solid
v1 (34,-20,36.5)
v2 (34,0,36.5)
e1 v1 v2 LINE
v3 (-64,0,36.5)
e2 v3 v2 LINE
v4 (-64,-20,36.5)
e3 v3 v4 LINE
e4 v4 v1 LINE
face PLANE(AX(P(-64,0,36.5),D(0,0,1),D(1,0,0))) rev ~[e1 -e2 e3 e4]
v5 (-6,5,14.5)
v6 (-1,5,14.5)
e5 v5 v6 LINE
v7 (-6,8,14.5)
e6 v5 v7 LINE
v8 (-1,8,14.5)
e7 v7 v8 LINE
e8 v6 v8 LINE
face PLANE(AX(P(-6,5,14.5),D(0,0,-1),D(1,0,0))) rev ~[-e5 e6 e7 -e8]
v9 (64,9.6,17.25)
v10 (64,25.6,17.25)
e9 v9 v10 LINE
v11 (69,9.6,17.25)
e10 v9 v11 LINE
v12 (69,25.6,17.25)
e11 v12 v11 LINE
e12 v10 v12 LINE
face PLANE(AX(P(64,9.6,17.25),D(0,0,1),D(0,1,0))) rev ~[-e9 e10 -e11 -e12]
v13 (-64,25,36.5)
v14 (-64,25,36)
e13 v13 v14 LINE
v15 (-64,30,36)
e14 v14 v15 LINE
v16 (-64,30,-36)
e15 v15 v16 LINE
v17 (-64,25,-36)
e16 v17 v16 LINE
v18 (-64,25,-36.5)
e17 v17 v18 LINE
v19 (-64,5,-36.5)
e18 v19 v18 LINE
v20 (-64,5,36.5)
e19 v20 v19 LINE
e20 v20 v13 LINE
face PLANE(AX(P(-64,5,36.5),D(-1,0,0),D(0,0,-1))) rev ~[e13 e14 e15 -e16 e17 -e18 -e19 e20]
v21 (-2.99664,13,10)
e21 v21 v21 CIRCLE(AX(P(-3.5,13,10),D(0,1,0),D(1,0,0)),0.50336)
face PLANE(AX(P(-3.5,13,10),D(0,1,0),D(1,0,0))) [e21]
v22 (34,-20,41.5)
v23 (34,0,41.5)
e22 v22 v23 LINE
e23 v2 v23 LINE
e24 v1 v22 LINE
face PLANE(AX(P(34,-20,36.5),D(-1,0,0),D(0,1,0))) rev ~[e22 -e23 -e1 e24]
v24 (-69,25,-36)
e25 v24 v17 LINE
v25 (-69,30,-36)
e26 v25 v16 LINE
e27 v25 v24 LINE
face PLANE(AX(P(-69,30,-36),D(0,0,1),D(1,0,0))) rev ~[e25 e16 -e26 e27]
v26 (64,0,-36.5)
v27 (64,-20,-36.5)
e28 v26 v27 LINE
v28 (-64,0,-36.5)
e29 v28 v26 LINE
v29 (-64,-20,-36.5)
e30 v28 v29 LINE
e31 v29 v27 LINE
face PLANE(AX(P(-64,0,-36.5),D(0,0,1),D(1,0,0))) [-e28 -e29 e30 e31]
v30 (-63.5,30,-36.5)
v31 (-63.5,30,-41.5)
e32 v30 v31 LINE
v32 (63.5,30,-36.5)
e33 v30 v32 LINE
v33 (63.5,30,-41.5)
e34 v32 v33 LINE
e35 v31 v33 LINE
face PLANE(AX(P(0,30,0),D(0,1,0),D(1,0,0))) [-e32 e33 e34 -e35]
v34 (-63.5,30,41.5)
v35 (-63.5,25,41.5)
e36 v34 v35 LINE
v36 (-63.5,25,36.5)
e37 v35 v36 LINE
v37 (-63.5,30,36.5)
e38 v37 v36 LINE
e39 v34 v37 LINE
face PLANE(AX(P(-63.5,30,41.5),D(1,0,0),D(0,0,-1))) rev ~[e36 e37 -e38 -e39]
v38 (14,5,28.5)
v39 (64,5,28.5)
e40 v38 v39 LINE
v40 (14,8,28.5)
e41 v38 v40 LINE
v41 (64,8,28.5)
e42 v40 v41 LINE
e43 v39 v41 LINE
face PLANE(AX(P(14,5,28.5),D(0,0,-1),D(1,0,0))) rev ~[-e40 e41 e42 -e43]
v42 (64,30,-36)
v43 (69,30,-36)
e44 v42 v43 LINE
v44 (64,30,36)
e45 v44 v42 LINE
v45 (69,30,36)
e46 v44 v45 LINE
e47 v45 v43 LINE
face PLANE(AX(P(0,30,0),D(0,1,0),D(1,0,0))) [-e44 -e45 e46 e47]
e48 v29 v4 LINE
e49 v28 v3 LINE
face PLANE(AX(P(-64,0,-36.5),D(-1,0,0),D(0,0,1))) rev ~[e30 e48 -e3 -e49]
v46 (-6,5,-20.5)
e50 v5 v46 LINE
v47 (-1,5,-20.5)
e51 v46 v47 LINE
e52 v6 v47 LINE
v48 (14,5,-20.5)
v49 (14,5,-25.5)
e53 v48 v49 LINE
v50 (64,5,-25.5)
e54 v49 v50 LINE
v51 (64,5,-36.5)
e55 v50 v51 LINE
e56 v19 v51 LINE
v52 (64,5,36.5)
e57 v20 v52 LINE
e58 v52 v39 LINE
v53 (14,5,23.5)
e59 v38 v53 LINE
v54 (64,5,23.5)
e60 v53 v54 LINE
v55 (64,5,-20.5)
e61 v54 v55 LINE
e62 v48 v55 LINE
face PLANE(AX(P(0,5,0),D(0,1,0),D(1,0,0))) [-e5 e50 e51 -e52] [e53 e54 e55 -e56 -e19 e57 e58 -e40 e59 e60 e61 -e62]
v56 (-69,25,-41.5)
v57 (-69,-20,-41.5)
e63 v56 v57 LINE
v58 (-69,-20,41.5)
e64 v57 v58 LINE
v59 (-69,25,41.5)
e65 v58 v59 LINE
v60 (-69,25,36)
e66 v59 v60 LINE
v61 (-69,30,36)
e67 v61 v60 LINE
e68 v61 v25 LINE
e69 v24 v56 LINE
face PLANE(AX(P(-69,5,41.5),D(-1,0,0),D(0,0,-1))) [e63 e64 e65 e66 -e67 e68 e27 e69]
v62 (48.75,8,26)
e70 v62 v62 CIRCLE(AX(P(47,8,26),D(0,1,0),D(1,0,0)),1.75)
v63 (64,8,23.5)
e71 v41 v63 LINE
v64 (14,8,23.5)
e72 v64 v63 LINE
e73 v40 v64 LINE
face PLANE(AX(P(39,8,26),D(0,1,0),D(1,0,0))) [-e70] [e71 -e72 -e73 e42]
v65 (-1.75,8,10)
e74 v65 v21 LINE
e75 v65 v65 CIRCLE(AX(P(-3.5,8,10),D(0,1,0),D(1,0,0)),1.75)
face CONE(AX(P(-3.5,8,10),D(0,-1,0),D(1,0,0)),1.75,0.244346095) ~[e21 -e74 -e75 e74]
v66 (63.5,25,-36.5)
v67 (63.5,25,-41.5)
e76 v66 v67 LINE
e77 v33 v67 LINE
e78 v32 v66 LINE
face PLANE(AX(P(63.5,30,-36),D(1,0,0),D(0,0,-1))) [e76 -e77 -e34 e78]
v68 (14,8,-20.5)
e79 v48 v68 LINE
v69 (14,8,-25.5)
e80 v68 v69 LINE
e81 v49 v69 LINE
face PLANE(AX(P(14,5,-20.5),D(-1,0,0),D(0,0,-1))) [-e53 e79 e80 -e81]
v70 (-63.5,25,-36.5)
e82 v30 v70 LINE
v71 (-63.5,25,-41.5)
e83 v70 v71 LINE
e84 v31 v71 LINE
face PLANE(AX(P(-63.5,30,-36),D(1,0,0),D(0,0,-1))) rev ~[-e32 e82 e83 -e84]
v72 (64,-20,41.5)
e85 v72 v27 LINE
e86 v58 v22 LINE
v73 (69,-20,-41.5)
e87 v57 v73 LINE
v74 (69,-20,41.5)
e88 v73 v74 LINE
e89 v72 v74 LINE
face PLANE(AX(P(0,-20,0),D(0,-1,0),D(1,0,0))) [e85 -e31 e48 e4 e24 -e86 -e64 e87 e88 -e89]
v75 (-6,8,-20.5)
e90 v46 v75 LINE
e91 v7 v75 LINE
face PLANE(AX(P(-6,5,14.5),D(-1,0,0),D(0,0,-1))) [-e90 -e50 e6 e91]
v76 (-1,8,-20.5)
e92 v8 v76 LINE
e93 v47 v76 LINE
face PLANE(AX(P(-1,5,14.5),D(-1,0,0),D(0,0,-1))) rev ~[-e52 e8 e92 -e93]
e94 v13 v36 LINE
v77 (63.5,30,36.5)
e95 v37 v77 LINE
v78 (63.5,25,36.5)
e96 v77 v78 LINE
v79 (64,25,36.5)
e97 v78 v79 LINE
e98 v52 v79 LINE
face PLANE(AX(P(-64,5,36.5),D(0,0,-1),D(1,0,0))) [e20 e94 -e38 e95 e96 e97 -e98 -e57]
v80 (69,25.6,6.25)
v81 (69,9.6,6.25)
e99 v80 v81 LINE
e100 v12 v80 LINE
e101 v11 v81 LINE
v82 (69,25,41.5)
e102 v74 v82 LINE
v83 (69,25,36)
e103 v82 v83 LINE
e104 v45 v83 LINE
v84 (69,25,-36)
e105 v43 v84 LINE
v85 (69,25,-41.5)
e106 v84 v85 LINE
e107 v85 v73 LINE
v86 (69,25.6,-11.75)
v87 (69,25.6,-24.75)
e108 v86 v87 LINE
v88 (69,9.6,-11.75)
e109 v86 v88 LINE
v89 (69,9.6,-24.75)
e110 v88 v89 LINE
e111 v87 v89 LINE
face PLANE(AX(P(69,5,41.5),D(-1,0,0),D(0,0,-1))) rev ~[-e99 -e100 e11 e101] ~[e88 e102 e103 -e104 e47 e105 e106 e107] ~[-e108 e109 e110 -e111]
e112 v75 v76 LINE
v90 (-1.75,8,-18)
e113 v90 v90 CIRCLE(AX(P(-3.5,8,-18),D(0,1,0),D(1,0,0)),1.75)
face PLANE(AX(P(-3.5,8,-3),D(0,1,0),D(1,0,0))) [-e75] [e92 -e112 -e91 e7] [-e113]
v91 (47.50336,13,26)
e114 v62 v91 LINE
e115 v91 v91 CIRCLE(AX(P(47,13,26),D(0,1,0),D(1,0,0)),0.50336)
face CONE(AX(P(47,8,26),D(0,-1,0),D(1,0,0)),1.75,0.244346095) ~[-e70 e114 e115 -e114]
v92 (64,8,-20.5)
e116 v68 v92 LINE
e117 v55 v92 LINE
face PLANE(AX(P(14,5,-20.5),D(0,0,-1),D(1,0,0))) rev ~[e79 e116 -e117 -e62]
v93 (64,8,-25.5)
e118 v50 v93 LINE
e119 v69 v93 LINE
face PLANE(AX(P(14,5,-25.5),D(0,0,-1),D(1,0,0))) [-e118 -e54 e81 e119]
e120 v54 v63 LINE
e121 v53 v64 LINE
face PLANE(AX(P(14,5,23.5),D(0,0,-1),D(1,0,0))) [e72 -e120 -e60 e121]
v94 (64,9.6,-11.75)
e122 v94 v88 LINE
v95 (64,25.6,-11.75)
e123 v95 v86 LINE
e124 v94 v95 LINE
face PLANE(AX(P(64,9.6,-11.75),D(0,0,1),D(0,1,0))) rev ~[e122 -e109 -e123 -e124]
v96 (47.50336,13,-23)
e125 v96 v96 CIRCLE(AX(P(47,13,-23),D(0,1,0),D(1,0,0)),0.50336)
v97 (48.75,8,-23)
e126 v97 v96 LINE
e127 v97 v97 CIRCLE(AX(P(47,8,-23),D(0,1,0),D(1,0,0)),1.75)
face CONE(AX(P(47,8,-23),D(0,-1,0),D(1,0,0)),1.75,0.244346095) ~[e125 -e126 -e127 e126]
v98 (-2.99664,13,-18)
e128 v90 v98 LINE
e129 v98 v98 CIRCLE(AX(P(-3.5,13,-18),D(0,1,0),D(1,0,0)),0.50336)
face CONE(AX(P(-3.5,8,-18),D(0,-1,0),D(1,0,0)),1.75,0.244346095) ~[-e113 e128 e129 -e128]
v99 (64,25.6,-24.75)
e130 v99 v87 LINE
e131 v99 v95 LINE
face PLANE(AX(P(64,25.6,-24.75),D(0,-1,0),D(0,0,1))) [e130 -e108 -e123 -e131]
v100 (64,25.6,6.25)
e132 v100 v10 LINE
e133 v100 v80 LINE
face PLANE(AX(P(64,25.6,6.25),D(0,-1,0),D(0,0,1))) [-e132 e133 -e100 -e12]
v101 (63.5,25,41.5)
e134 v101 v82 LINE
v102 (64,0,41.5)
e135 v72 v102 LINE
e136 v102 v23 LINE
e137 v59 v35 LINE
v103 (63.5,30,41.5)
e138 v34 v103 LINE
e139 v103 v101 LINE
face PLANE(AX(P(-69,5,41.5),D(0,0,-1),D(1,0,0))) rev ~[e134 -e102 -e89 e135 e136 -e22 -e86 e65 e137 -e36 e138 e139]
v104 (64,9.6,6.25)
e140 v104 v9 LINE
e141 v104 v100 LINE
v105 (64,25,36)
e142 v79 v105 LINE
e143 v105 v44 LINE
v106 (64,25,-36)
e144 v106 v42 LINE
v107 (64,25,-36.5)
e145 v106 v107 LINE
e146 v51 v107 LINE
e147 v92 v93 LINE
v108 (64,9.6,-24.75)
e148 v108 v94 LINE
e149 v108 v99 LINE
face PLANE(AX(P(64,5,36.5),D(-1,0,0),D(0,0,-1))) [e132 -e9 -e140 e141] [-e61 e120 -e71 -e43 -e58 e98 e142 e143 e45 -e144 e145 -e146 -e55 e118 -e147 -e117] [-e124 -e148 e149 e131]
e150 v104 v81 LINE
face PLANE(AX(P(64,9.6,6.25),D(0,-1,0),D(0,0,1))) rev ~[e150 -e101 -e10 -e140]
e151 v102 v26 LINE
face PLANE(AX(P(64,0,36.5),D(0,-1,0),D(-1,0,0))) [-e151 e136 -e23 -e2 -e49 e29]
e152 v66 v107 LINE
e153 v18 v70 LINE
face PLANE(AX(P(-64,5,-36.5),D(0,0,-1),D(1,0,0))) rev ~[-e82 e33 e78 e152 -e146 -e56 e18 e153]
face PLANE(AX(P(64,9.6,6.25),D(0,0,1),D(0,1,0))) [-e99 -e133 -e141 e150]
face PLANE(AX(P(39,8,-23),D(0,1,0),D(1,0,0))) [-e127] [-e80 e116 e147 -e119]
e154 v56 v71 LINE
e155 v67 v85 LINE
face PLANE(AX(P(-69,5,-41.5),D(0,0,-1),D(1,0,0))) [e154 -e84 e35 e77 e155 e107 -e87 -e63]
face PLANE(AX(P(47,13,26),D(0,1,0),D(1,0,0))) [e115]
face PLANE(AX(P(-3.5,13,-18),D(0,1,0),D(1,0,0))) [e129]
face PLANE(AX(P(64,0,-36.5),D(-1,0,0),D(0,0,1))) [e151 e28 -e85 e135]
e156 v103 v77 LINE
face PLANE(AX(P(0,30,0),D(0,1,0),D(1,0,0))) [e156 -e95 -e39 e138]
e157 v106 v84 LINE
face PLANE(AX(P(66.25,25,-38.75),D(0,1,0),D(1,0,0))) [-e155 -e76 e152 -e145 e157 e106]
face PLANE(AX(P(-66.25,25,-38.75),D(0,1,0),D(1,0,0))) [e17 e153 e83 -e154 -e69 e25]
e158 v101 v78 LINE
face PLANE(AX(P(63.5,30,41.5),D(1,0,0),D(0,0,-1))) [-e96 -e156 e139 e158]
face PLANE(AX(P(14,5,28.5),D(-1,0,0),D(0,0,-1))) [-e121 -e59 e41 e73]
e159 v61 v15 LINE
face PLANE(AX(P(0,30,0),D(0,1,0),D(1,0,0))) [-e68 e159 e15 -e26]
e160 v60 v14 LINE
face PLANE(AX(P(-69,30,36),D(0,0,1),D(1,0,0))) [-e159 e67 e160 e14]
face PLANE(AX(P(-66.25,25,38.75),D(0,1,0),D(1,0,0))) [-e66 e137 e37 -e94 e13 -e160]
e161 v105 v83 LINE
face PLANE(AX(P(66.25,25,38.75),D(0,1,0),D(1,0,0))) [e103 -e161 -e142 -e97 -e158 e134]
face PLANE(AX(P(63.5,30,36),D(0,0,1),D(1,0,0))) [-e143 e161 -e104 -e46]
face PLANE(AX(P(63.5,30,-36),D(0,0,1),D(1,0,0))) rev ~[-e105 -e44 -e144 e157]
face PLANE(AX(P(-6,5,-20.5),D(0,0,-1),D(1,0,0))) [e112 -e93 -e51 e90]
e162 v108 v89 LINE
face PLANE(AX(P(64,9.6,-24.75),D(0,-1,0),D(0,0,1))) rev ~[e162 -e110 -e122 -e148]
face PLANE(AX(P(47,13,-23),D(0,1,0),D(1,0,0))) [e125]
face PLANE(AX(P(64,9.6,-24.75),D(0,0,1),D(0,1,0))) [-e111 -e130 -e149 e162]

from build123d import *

# Parameters (mm, degrees)
SKETCH1_W                      = 138
SKETCH1_H                      = 83
BOSS_EXTRUDE1_DEPTH            = 5
SKETCH2_W                      = 138
SKETCH2_H                      = 83
SKETCH2_W_2                    = 128
SKETCH2_H_2                    = 73
BOSS_EXTRUDE2_DEPTH            = 20
CUT_EXTRUDE1_REACH             = 108.042
SKETCH3_W                      = 30
SKETCH3_H                      = 20
SKETCH4_W                      = 138
SKETCH4_H                      = 83
SKETCH4_W_2                    = 128
SKETCH4_H_2                    = 73
BOSS_EXTRUDE3_DEPTH            = 25
SKETCH5_W                      = 50
SKETCH5_H                      = 5
SKETCH5_W_2                    = 5
SKETCH5_H_2                    = 35
BOSS_EXTRUDE10_DEPTH           = 3
SKETCH6_R                      = 1.75
BOSS_EXTRUDE11_DEPTH           = 5
BOSS_EXTRUDE11_DRAFT           = 14
BOSS_EXTRUDE11_PROFILE_2_DEPTH = 5
BOSS_EXTRUDE11_PROFILE_2_DRAFT = 14
BOSS_EXTRUDE11_PROFILE_3_DEPTH = 5
BOSS_EXTRUDE11_PROFILE_3_DRAFT = 14
BOSS_EXTRUDE11_PROFILE_4_DEPTH = 5
BOSS_EXTRUDE11_PROFILE_4_DRAFT = 14
CUT_EXTRUDE2_REACH             = 144.518
SKETCH7_W                      = 13
SKETCH7_H                      = 16
CUT_EXTRUDE3_REACH             = 144.518
SKETCH8_W                      = 11
SKETCH8_H                      = 16
SKETCH11_W                     = 5.5
SKETCH11_H                     = 5.5
CUT_EXTRUDE7_DEPTH             = 5


with BuildPart() as part:
    # Sketch1 → Boss-Extrude1 (new body)
    with BuildSketch(Plane(origin=(0, 0, 0), x_dir=(1, 0, 0), z_dir=(0, 1, 0))):
        Rectangle(SKETCH1_W, SKETCH1_H)
    extrude(amount=BOSS_EXTRUDE1_DEPTH)

    # Sketch2 → Boss-Extrude2 (add)
    with BuildSketch(Plane.XZ):
        Rectangle(SKETCH2_W, SKETCH2_H)
        Rectangle(SKETCH2_W_2, SKETCH2_H_2, mode=Mode.SUBTRACT)
    extrude(amount=BOSS_EXTRUDE2_DEPTH)

    # Sketch3 → Cut-Extrude1 (cut, up to next)
    with BuildSketch(Plane(origin=(0, 0, 36.5), x_dir=(-1, 0, 0), z_dir=(0, 0, -1)), mode=Mode.PRIVATE) as cut_extrude1_sk1:
        with Locations((-49, -10)):
            Rectangle(SKETCH3_W, SKETCH3_H)
    cut_extrude1_tool1 = extrude(cut_extrude1_sk1.sketch, amount=-CUT_EXTRUDE1_REACH, mode=Mode.PRIVATE) & part.part
    add(cut_extrude1_tool1.solids().sort_by_distance((49, -10, 36.5))[0], mode=Mode.SUBTRACT)

    # Sketch4 → Boss-Extrude3 (add)
    with BuildSketch(Plane(origin=(0, 5, 0), x_dir=(1, 0, 0), z_dir=(0, 1, 0))):
        Rectangle(SKETCH4_W, SKETCH4_H)
        Rectangle(SKETCH4_W_2, SKETCH4_H_2, mode=Mode.SUBTRACT)
    extrude(amount=BOSS_EXTRUDE3_DEPTH)

    # Sketch5 → Boss-Extrude10 (add)
    with BuildSketch(Plane(origin=(0, 5, 0), x_dir=(1, 0, 0), z_dir=(0, 1, 0))):
        with Locations((39, -26)):
            Rectangle(SKETCH5_W, SKETCH5_H)
        with Locations((39, 23)):
            Rectangle(SKETCH5_W, SKETCH5_H)
        with Locations((-3.5, 3)):
            Rectangle(SKETCH5_W_2, SKETCH5_H_2)
    extrude(amount=BOSS_EXTRUDE10_DEPTH)


with BuildPart() as boss_extrude11_tool:
    # Sketch6 → Boss-Extrude11 (with draft: the straight prism first)
    with BuildSketch(Plane(origin=(0, 8, 0), x_dir=(1, 0, 0), z_dir=(0, 1, 0))):
        with Locations((47, 23)):
            Circle(SKETCH6_R)
    extrude(amount=BOSS_EXTRUDE11_DEPTH)
    # Boss-Extrude11: the draft: its side faces are tilted about the plane it starts from
    boss_extrude11_sides = [boss_extrude11_tool.faces().sort_by_distance(p)[0] for p in [
        (45.25, 10.5, -23),
    ]]
    draft(boss_extrude11_sides, Plane(origin=(0, 8, 0), x_dir=(1, 0, 0), z_dir=(0, 1, 0)), BOSS_EXTRUDE11_DRAFT)


with BuildPart() as part_1:
    add(part.part)

    # Boss-Extrude11: add boss_extrude11_tool
    add(boss_extrude11_tool.part)


with BuildPart() as boss_extrude11_profile_2_tool:
    # Sketch6 → Boss-Extrude11 profile 2 (with draft: the straight prism first)
    with BuildSketch(Plane(origin=(0, 8, 0), x_dir=(1, 0, 0), z_dir=(0, 1, 0))):
        with Locations((47, -26)):
            Circle(SKETCH6_R)
    extrude(amount=BOSS_EXTRUDE11_PROFILE_2_DEPTH)
    # Boss-Extrude11 profile 2: the draft: its side faces are tilted about the plane it starts from
    boss_extrude11_profile_2_sides = [boss_extrude11_profile_2_tool.faces().sort_by_distance(p)[0] for p in [
        (45.25, 10.5, 26),
    ]]
    draft(boss_extrude11_profile_2_sides, Plane(origin=(0, 8, 0), x_dir=(1, 0, 0), z_dir=(0, 1, 0)), BOSS_EXTRUDE11_PROFILE_2_DRAFT)


with BuildPart() as part_2:
    add(part_1.part)

    # Boss-Extrude11 profile 2: add boss_extrude11_profile_2_tool
    add(boss_extrude11_profile_2_tool.part)


with BuildPart() as boss_extrude11_profile_3_tool:
    # Sketch6 → Boss-Extrude11 profile 3 (with draft: the straight prism first)
    with BuildSketch(Plane(origin=(0, 8, 0), x_dir=(1, 0, 0), z_dir=(0, 1, 0))):
        with Locations((-3.5, 18)):
            Circle(SKETCH6_R)
    extrude(amount=BOSS_EXTRUDE11_PROFILE_3_DEPTH)
    # Boss-Extrude11 profile 3: the draft: its side faces are tilted about the plane it starts from
    boss_extrude11_profile_3_sides = [boss_extrude11_profile_3_tool.faces().sort_by_distance(p)[0] for p in [
        (-5.25, 10.5, -18),
    ]]
    draft(boss_extrude11_profile_3_sides, Plane(origin=(0, 8, 0), x_dir=(1, 0, 0), z_dir=(0, 1, 0)), BOSS_EXTRUDE11_PROFILE_3_DRAFT)


with BuildPart() as part_3:
    add(part_2.part)

    # Boss-Extrude11 profile 3: add boss_extrude11_profile_3_tool
    add(boss_extrude11_profile_3_tool.part)


with BuildPart() as boss_extrude11_profile_4_tool:
    # Sketch6 → Boss-Extrude11 profile 4 (with draft: the straight prism first)
    with BuildSketch(Plane(origin=(0, 8, 0), x_dir=(1, 0, 0), z_dir=(0, 1, 0))):
        with Locations((-3.5, -10)):
            Circle(SKETCH6_R)
    extrude(amount=BOSS_EXTRUDE11_PROFILE_4_DEPTH)
    # Boss-Extrude11 profile 4: the draft: its side faces are tilted about the plane it starts from
    boss_extrude11_profile_4_sides = [boss_extrude11_profile_4_tool.faces().sort_by_distance(p)[0] for p in [
        (-5.25, 10.5, 10),
    ]]
    draft(boss_extrude11_profile_4_sides, Plane(origin=(0, 8, 0), x_dir=(1, 0, 0), z_dir=(0, 1, 0)), BOSS_EXTRUDE11_PROFILE_4_DRAFT)


with BuildPart() as part_4:
    add(part_3.part)

    # Boss-Extrude11 profile 4: add boss_extrude11_profile_4_tool
    add(boss_extrude11_profile_4_tool.part)

    # Sketch7 → Cut-Extrude2 (cut, up to next)
    with BuildSketch(Plane.ZY.offset(-64), mode=Mode.PRIVATE) as cut_extrude2_sk1:
        with Locations((-18.25, 17.6)):
            Rectangle(SKETCH7_W, SKETCH7_H)
    cut_extrude2_tool1 = extrude(cut_extrude2_sk1.sketch, amount=-CUT_EXTRUDE2_REACH, mode=Mode.PRIVATE) & part_4.part
    add(cut_extrude2_tool1.solids().sort_by_distance((64, 17.6, -18.25))[0], mode=Mode.SUBTRACT)

    # Sketch8 → Cut-Extrude3 (cut, up to next)
    with BuildSketch(Plane.ZY.offset(-64), mode=Mode.PRIVATE) as cut_extrude3_sk1:
        with Locations((11.75, 17.6)):
            Rectangle(SKETCH8_W, SKETCH8_H)
    cut_extrude3_tool1 = extrude(cut_extrude3_sk1.sketch, amount=-CUT_EXTRUDE3_REACH, mode=Mode.PRIVATE) & part_4.part
    add(cut_extrude3_tool1.solids().sort_by_distance((64, 17.6, 11.75))[0], mode=Mode.SUBTRACT)

    # Sketch11 → Cut-Extrude7 (cut)
    with BuildSketch(Plane(origin=(0, 30, 0), x_dir=(1, 0, 0), z_dir=(0, 1, 0))):
        with Locations((-66.25, 38.75)):
            Rectangle(SKETCH11_W, SKETCH11_H)
        with Locations((-66.25, -38.75)):
            Rectangle(SKETCH11_W, SKETCH11_H)
        with Locations((66.25, -38.75)):
            Rectangle(SKETCH11_W, SKETCH11_H)
        with Locations((66.25, 38.75)):
            Rectangle(SKETCH11_W, SKETCH11_H)
    extrude(amount=-CUT_EXTRUDE7_DEPTH, mode=Mode.SUBTRACT)


solid = part_4.part
